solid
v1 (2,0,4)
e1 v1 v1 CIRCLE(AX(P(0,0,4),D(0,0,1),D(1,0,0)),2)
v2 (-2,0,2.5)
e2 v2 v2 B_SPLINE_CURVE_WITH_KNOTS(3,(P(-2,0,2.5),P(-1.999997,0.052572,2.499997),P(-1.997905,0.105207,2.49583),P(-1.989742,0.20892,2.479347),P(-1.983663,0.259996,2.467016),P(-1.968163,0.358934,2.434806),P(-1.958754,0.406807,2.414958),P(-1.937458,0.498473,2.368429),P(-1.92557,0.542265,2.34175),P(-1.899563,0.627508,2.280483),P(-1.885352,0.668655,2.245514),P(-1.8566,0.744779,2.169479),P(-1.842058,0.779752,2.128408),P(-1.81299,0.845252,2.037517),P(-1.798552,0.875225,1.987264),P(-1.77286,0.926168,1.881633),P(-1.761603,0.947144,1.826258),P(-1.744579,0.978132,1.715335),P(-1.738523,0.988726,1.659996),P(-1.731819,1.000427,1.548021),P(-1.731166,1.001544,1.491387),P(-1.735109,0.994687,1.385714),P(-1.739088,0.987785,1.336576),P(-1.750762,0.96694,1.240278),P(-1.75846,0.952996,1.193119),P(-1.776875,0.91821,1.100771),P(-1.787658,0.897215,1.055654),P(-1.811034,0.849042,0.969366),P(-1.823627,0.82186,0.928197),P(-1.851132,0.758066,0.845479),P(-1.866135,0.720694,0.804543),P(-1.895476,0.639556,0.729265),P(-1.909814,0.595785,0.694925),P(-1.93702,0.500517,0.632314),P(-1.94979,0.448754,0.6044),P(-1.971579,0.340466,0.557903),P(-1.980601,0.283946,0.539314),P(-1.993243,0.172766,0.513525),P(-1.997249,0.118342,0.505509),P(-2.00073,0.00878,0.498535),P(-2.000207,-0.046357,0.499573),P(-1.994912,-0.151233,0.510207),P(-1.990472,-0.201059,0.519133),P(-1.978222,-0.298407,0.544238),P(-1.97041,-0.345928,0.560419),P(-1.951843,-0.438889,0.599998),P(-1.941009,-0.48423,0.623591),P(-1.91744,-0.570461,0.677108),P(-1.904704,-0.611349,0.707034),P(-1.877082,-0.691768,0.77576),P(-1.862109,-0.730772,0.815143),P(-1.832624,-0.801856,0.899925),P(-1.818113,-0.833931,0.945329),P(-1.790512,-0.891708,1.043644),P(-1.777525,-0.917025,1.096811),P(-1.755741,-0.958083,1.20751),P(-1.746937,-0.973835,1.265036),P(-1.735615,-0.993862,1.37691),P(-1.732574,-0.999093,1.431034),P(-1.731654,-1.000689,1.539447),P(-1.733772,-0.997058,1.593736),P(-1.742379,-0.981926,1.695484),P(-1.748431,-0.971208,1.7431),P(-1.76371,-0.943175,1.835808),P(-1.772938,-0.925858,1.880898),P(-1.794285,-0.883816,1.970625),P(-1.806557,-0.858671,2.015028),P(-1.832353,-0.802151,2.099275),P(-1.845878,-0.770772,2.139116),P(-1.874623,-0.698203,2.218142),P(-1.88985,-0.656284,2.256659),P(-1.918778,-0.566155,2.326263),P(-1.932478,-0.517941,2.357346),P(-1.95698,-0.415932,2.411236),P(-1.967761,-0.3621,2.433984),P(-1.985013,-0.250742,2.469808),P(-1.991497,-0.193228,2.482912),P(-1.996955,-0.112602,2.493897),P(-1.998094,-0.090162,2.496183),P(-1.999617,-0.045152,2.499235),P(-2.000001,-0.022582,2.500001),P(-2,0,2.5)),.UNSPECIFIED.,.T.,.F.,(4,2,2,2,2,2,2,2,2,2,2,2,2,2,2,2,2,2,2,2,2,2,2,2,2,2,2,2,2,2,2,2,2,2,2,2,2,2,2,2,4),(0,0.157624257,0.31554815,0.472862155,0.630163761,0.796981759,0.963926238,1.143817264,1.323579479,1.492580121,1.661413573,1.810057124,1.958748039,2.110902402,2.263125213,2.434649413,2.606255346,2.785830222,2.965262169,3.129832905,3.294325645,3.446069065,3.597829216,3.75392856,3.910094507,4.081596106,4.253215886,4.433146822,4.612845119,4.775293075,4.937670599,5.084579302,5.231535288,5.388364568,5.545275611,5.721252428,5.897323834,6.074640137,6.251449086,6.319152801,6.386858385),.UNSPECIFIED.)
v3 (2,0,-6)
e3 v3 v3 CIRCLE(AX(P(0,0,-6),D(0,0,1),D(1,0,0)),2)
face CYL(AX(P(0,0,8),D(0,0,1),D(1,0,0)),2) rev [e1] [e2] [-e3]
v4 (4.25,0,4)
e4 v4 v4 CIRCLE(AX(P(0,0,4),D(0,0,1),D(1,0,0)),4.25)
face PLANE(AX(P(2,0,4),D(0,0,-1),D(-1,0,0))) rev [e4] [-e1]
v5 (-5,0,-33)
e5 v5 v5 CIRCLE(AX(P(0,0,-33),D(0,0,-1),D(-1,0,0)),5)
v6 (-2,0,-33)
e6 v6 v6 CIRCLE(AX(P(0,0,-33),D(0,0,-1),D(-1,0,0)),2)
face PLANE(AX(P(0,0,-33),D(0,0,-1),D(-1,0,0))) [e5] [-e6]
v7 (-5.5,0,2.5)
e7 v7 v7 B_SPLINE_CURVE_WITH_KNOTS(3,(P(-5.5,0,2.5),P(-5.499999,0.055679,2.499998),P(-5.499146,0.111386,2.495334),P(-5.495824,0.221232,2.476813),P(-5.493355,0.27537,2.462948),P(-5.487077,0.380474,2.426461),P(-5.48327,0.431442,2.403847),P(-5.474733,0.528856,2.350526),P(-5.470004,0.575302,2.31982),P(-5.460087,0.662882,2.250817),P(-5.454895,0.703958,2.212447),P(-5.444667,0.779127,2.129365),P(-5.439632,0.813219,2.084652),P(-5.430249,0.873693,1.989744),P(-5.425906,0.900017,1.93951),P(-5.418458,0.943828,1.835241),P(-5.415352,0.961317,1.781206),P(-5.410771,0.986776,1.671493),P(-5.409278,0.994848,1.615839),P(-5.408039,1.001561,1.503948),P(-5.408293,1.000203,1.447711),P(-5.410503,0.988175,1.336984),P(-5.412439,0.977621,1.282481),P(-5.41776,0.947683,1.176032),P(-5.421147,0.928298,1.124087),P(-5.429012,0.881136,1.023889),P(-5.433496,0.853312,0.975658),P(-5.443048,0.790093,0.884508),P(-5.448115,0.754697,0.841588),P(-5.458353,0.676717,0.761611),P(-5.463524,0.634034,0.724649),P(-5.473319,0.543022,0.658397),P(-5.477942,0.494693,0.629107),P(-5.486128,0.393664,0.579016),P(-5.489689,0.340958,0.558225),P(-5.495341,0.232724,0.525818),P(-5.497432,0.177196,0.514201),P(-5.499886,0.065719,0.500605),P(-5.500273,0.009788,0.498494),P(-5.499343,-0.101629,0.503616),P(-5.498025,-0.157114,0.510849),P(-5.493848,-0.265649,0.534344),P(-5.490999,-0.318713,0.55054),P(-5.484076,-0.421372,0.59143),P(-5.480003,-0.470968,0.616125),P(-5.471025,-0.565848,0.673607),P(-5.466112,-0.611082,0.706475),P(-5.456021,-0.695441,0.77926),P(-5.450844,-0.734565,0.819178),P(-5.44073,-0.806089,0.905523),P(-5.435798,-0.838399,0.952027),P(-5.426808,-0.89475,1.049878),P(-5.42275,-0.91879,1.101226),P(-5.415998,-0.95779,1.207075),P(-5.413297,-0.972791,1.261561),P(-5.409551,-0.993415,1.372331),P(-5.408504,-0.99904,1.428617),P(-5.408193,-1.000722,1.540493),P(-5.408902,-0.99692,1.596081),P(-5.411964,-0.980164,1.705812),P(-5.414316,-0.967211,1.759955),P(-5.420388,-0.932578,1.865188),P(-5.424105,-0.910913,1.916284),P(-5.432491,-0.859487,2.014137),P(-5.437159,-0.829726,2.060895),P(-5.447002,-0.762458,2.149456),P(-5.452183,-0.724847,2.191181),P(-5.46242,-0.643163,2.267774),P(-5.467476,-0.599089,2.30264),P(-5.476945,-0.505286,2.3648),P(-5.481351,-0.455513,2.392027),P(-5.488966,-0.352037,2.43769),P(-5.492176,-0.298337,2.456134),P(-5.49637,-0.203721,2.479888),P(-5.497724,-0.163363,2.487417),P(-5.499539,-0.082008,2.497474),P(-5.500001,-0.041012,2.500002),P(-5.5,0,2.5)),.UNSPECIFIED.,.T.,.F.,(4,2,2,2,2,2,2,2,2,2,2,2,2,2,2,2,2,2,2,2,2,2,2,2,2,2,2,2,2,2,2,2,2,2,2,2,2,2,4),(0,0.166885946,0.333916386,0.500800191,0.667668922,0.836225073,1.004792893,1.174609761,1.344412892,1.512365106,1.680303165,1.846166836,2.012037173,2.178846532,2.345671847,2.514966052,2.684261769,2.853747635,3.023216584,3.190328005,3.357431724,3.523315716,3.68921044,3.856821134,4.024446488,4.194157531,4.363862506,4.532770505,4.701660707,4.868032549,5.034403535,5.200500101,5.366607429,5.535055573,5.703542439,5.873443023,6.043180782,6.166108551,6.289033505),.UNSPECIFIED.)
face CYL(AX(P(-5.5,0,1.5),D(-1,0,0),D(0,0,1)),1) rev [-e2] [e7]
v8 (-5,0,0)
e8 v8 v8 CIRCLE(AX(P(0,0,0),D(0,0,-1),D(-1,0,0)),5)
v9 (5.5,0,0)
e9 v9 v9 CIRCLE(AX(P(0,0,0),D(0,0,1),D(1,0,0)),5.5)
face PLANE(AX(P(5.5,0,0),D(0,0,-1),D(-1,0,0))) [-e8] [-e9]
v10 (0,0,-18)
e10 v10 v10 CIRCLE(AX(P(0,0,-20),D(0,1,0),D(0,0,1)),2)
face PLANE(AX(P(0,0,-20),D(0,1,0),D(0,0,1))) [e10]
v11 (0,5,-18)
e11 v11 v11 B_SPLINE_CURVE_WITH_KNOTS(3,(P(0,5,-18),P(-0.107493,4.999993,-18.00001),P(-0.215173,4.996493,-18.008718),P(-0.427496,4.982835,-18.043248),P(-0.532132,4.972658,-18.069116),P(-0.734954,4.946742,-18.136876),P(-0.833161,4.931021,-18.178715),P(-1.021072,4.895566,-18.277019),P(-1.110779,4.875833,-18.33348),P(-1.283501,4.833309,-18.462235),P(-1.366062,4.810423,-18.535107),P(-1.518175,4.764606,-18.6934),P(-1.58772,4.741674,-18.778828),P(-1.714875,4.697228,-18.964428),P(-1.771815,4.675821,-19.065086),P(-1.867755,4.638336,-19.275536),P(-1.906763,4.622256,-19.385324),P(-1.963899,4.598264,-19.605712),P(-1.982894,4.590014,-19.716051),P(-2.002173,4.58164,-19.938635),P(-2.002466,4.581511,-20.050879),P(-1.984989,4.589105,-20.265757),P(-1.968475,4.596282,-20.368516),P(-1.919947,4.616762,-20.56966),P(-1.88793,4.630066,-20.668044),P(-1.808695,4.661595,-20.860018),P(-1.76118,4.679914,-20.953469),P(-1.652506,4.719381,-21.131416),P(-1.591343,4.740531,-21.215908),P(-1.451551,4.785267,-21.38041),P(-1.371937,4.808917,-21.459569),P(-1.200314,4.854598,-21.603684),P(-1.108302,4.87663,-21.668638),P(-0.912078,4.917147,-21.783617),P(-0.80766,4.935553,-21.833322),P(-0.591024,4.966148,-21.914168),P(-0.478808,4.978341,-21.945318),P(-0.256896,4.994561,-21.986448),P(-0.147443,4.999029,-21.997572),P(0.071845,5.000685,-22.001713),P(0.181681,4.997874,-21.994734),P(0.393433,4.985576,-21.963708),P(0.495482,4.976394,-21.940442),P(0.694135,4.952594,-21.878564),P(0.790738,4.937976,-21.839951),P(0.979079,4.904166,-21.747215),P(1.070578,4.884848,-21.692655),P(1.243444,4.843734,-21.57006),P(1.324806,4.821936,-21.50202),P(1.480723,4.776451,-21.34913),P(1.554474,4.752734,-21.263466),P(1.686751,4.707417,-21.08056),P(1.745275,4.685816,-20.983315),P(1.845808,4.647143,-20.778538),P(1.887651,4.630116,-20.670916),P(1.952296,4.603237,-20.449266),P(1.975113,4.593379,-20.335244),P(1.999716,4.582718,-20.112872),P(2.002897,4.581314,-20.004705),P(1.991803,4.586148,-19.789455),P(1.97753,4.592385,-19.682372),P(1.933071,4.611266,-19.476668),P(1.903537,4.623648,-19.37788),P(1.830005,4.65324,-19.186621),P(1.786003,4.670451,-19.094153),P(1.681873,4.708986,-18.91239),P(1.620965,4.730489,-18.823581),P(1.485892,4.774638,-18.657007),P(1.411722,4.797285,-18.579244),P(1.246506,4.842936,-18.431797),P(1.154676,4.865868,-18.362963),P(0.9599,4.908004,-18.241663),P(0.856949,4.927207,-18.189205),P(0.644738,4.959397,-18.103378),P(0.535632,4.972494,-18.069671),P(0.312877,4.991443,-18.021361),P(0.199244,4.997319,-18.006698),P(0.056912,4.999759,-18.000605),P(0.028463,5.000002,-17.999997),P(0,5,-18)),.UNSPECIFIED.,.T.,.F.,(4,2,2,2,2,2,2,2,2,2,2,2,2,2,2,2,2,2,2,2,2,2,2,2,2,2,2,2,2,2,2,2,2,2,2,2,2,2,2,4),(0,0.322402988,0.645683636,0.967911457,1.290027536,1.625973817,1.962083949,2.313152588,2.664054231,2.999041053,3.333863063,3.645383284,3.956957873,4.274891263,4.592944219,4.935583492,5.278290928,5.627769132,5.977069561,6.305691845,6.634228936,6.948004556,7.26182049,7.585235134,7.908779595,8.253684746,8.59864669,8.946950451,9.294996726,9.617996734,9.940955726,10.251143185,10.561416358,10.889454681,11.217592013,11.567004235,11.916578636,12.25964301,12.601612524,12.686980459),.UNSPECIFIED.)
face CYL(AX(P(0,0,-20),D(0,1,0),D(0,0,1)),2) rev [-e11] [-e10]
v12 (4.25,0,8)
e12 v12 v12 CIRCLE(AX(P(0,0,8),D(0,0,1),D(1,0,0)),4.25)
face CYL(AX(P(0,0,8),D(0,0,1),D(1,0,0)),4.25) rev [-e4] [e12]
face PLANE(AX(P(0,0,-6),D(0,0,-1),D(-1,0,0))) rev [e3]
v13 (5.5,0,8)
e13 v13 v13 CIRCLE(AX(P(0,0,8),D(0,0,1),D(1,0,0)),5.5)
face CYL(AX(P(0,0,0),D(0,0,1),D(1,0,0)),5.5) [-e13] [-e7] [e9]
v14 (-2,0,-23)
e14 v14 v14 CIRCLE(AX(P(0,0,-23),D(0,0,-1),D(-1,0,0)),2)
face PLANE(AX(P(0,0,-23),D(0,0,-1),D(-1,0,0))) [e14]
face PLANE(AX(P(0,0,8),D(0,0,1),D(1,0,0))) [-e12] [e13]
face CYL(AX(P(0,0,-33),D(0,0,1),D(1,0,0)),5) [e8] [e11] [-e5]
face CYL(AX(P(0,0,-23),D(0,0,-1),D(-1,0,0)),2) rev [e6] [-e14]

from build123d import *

# Parameters (mm, degrees)
SKETCH1_W                                          = 5.5
SKETCH1_H                                          = 8
SKETCH2_R                                          = 5
BOSS_EXTRUDE1_DEPTH                                = 33
CBORE_FOR_M3_5_HEX_HEAD_MACHINE_SCREW1_D           = 4
CBORE_FOR_M3_5_HEX_HEAD_MACHINE_SCREW1_DEPTH       = 14
CBORE_FOR_M3_5_HEX_HEAD_MACHINE_SCREW1_CBORE_D     = 8.5
CBORE_FOR_M3_5_HEX_HEAD_MACHINE_SCREW1_CBORE_DEPTH = 4
HOLE1_REACH                                        = 38.626
HOLE1_BORE_R                                       = 1
SKETCH6_R                                          = 2
CUT_EXTRUDE1_DEPTH                                 = 10
SKETCH7_R                                          = 2
CUT_EXTRUDE2_DEPTH                                 = 5


with BuildPart() as part:
    # Sketch1 → Revolve1 (revolve)
    with BuildSketch(Plane(origin=(0, 0, 0), x_dir=(1, 0, 0), z_dir=(0, 1, 0))):
        with Locations((2.75, -4)):
            Rectangle(SKETCH1_W, SKETCH1_H)
    revolve(axis=Axis((0, 0, 0), (0, 0, 1)))

    # Sketch2 → Boss-Extrude1 (add)
    with BuildSketch(Plane(origin=(0, 0, 0), x_dir=(-1, 0, 0), z_dir=(0, 0, -1))):
        Circle(SKETCH2_R)
    extrude(amount=BOSS_EXTRUDE1_DEPTH)

    # CBORE for M3.5 Hex Head Machine Screw1
    with Locations(Plane.XY.offset(8)):
        with Locations((0, 0)):
            CounterBoreHole(CBORE_FOR_M3_5_HEX_HEAD_MACHINE_SCREW1_D / 2, CBORE_FOR_M3_5_HEX_HEAD_MACHINE_SCREW1_CBORE_D / 2, CBORE_FOR_M3_5_HEX_HEAD_MACHINE_SCREW1_CBORE_DEPTH, depth=CBORE_FOR_M3_5_HEX_HEAD_MACHINE_SCREW1_DEPTH)

    # Hole1 bore (on position points) → Hole1 (cut, up to next)
    with BuildSketch(Plane(origin=(-5.5, 0, 1.5), x_dir=(0, -1, 0), z_dir=(-1, 0, 0)), mode=Mode.PRIVATE) as hole1_sk1:
        Circle(HOLE1_BORE_R)
    hole1_tool1 = extrude(hole1_sk1.sketch, amount=-HOLE1_REACH, mode=Mode.PRIVATE) & part.part
    add(hole1_tool1.solids().sort_by_distance((-5.5, 0, 1.5))[0], mode=Mode.SUBTRACT)

    # Sketch6 → Cut-Extrude1 (cut)
    with BuildSketch(Plane(origin=(0, 0, -33), x_dir=(-1, 0, 0), z_dir=(0, 0, -1))):
        with Locations(Location((0, 0, 0), (0, 0, 180))):
            Circle(SKETCH6_R)
    extrude(amount=-CUT_EXTRUDE1_DEPTH, mode=Mode.SUBTRACT)

    # Sketch7 → Cut-Extrude2 (cut)
    with BuildSketch(Plane(origin=(0, 5, 0), x_dir=(1, 0, 0), z_dir=(0, 1, 0))):
        with Locations(Location((0, 20, 0), (0, 0, 270))):
            Circle(SKETCH7_R)
    extrude(amount=-CUT_EXTRUDE2_DEPTH, mode=Mode.SUBTRACT)


solid = part.part
